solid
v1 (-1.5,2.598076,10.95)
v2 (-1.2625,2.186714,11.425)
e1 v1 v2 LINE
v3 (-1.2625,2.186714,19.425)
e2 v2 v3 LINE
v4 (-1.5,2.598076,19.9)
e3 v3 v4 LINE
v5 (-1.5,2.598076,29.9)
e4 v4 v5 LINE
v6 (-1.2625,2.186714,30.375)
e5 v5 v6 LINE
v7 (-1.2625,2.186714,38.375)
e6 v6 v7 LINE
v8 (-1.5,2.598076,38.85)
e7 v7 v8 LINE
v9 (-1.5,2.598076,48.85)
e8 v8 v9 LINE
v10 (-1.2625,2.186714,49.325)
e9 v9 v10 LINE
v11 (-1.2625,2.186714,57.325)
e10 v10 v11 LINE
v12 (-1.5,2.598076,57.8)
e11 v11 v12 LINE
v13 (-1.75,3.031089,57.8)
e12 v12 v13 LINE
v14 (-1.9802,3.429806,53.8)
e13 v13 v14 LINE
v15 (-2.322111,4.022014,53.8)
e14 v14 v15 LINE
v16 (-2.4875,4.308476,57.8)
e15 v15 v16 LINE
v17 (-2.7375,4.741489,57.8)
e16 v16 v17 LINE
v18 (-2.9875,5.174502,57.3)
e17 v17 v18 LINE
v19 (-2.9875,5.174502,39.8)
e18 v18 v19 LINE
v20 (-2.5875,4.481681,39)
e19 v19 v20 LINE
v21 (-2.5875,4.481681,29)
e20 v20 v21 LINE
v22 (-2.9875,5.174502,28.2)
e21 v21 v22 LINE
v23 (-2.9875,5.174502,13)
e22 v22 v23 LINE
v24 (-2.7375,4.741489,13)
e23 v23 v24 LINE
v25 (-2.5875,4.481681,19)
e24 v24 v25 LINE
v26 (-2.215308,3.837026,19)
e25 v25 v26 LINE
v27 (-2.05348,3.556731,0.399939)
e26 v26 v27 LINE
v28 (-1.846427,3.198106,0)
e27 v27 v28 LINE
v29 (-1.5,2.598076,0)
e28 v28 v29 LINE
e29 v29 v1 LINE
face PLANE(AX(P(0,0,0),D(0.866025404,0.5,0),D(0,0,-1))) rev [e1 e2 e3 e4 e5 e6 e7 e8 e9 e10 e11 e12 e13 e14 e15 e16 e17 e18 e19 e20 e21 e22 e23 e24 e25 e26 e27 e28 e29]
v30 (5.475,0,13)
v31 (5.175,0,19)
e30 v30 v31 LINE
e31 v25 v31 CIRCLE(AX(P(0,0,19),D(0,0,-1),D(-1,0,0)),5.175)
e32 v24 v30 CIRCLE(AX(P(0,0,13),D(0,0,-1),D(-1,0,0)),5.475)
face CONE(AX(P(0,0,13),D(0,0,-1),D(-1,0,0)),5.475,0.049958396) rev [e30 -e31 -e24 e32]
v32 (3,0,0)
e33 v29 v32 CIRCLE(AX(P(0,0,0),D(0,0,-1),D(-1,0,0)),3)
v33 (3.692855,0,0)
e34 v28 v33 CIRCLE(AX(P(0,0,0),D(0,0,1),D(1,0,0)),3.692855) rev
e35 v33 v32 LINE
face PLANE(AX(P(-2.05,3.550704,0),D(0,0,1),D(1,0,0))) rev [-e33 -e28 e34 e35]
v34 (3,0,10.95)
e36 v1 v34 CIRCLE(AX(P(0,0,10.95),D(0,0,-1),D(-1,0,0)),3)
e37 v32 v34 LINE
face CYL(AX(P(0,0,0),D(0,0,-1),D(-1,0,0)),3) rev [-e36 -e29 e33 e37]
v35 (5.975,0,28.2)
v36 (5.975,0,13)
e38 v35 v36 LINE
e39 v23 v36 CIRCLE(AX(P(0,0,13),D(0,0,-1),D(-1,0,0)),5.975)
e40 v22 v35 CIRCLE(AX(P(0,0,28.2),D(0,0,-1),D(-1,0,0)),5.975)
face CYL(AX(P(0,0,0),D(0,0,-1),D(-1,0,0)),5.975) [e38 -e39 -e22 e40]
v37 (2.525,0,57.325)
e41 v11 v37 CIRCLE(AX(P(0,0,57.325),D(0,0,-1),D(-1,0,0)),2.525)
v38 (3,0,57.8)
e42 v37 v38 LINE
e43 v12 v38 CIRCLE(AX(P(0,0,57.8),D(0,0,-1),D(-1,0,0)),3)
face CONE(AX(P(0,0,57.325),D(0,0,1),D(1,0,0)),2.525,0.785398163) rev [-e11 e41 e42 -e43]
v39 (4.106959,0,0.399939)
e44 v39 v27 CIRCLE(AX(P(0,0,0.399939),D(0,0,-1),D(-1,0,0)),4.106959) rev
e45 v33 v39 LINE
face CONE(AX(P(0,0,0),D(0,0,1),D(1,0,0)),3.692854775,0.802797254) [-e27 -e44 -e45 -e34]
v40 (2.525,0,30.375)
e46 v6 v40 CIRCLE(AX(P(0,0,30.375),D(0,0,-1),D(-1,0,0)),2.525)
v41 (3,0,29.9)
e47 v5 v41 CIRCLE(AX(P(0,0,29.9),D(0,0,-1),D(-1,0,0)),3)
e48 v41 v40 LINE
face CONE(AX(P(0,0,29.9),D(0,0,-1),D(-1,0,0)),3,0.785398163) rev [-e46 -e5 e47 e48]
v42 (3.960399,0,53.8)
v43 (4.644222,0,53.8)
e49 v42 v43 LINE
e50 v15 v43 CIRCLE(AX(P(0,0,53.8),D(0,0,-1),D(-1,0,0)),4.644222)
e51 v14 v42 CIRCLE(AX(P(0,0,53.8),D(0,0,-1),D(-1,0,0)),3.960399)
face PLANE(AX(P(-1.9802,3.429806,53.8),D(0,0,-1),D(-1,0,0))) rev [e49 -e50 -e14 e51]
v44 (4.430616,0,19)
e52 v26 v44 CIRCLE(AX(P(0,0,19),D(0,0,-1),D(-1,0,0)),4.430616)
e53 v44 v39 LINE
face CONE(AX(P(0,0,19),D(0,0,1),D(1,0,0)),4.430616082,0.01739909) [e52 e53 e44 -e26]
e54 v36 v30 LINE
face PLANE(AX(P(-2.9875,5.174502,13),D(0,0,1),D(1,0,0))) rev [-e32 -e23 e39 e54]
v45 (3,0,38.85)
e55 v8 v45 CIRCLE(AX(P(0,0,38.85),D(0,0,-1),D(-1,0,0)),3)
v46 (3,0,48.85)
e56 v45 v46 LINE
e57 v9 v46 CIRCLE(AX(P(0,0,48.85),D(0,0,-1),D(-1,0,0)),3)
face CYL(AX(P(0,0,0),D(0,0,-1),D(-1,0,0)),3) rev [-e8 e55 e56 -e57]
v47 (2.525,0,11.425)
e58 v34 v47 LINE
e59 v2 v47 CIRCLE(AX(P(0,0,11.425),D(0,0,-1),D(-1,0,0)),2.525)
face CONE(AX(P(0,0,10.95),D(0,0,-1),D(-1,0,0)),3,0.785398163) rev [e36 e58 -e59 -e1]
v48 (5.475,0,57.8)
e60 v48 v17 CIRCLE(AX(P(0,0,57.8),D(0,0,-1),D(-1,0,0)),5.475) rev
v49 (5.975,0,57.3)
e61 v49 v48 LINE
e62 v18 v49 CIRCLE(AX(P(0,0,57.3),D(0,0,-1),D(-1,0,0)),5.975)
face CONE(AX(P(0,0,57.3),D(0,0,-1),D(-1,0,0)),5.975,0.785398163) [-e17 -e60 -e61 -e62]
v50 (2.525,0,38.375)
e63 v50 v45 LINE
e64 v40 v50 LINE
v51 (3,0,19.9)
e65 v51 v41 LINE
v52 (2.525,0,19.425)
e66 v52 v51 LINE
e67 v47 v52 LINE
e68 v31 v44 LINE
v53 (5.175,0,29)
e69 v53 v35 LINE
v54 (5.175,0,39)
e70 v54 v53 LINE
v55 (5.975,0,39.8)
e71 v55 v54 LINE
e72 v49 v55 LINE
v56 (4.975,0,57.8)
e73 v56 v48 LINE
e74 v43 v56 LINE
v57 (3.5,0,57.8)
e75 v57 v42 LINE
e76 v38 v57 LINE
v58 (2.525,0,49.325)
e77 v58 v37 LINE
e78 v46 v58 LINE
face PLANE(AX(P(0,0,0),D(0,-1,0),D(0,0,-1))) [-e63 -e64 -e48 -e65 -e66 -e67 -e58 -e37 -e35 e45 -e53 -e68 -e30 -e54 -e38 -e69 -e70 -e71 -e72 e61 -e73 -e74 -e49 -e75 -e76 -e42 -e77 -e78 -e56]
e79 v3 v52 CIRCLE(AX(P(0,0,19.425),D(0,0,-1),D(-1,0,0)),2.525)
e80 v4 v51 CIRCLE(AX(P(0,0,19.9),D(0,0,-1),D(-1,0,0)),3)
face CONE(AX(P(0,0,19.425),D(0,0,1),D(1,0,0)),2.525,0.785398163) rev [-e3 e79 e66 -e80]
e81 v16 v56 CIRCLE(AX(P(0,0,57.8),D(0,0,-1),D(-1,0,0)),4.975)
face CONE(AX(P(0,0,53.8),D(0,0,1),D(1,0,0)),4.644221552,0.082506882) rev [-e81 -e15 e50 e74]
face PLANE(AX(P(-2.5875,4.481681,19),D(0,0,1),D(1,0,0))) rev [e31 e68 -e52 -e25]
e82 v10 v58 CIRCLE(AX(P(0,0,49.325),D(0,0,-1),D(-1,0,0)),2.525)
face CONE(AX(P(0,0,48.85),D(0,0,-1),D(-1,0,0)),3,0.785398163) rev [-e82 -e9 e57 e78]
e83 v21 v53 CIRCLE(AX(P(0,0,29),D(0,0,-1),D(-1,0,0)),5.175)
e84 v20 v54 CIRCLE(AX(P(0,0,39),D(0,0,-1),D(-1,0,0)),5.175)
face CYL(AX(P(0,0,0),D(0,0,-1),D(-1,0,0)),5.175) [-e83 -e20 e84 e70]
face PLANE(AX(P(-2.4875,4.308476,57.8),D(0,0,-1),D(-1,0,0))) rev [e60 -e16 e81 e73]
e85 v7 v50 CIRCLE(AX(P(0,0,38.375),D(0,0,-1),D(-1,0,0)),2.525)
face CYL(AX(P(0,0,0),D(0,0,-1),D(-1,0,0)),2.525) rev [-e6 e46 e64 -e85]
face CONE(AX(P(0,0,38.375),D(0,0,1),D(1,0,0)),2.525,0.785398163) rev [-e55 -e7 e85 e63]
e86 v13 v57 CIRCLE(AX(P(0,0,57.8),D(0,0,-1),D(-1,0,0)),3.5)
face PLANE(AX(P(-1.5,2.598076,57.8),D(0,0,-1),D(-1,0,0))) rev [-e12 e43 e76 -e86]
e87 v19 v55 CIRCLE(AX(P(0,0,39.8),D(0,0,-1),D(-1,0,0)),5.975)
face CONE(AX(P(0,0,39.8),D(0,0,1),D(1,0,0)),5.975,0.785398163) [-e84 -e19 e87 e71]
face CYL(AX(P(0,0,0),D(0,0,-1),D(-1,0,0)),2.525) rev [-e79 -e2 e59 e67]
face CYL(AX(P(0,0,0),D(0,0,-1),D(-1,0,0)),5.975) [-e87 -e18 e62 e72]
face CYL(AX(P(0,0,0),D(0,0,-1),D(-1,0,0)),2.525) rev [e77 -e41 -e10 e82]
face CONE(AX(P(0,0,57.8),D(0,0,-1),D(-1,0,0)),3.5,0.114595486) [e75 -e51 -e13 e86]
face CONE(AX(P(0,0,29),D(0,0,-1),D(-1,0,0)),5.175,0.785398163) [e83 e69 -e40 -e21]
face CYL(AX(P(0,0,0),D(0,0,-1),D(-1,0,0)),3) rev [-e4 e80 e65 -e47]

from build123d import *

# Parameters (mm, degrees)
REVOLVE_1_ANGLE = 120
CHAMFER_1_SIZE  = 0.4
CHAMFER_1_SIZE2 = 0.407145225
CHAMFER_2_SIZE  = 0.5


with BuildPart() as part:
    # 스케치1 → 회전1 (revolve)
    with BuildSketch(Plane(origin=(0, 0, 0), x_dir=(1, 0, 0), z_dir=(0, 1, 0))):
        Polygon((2.525, -30.375), (2.525, -38.375), (3, -38.85), (3, -48.85), (2.525, -49.325), (2.525, -57.325), (3, -57.8), (3.5, -57.8), (3.960399052, -53.8), (4.644221552, -53.8), (4.975, -57.8), (5.975, -57.8), (5.975, -39.8), (5.175, -39), (5.175, -29), (5.975, -28.2), (5.975, -13), (5.475, -13), (5.175, -19), (4.430616082, -19), (4.1, 0), (3, 0), (3, -10.95), (2.525, -11.425), (2.525, -19.425), (3, -19.9), (3, -29.9), align=None)
    revolve(axis=Axis((0, 0, 0), (0, 0, 1)), revolution_arc=REVOLVE_1_ANGLE)

    # 모따기1
    chamfer_1_edges = [part.edges().sort_by_distance(p)[0] for p in [
        (2.05, 3.550704156, 0),
    ]]
    chamfer_1_side = [part.faces().sort_by_distance(p)[0] for p in [
        (2.132654021, 3.693865118, 9.5),
    ]]
    chamfer(chamfer_1_edges, length=CHAMFER_1_SIZE, length2=CHAMFER_1_SIZE2, reference=chamfer_1_side[0])

    # 모따기2
    chamfer_2_edges = [part.edges().sort_by_distance(p)[0] for p in [
        (2.9875, 5.174501788, 57.8),
    ]]
    chamfer(chamfer_2_edges, length=CHAMFER_2_SIZE)


solid = part.part
